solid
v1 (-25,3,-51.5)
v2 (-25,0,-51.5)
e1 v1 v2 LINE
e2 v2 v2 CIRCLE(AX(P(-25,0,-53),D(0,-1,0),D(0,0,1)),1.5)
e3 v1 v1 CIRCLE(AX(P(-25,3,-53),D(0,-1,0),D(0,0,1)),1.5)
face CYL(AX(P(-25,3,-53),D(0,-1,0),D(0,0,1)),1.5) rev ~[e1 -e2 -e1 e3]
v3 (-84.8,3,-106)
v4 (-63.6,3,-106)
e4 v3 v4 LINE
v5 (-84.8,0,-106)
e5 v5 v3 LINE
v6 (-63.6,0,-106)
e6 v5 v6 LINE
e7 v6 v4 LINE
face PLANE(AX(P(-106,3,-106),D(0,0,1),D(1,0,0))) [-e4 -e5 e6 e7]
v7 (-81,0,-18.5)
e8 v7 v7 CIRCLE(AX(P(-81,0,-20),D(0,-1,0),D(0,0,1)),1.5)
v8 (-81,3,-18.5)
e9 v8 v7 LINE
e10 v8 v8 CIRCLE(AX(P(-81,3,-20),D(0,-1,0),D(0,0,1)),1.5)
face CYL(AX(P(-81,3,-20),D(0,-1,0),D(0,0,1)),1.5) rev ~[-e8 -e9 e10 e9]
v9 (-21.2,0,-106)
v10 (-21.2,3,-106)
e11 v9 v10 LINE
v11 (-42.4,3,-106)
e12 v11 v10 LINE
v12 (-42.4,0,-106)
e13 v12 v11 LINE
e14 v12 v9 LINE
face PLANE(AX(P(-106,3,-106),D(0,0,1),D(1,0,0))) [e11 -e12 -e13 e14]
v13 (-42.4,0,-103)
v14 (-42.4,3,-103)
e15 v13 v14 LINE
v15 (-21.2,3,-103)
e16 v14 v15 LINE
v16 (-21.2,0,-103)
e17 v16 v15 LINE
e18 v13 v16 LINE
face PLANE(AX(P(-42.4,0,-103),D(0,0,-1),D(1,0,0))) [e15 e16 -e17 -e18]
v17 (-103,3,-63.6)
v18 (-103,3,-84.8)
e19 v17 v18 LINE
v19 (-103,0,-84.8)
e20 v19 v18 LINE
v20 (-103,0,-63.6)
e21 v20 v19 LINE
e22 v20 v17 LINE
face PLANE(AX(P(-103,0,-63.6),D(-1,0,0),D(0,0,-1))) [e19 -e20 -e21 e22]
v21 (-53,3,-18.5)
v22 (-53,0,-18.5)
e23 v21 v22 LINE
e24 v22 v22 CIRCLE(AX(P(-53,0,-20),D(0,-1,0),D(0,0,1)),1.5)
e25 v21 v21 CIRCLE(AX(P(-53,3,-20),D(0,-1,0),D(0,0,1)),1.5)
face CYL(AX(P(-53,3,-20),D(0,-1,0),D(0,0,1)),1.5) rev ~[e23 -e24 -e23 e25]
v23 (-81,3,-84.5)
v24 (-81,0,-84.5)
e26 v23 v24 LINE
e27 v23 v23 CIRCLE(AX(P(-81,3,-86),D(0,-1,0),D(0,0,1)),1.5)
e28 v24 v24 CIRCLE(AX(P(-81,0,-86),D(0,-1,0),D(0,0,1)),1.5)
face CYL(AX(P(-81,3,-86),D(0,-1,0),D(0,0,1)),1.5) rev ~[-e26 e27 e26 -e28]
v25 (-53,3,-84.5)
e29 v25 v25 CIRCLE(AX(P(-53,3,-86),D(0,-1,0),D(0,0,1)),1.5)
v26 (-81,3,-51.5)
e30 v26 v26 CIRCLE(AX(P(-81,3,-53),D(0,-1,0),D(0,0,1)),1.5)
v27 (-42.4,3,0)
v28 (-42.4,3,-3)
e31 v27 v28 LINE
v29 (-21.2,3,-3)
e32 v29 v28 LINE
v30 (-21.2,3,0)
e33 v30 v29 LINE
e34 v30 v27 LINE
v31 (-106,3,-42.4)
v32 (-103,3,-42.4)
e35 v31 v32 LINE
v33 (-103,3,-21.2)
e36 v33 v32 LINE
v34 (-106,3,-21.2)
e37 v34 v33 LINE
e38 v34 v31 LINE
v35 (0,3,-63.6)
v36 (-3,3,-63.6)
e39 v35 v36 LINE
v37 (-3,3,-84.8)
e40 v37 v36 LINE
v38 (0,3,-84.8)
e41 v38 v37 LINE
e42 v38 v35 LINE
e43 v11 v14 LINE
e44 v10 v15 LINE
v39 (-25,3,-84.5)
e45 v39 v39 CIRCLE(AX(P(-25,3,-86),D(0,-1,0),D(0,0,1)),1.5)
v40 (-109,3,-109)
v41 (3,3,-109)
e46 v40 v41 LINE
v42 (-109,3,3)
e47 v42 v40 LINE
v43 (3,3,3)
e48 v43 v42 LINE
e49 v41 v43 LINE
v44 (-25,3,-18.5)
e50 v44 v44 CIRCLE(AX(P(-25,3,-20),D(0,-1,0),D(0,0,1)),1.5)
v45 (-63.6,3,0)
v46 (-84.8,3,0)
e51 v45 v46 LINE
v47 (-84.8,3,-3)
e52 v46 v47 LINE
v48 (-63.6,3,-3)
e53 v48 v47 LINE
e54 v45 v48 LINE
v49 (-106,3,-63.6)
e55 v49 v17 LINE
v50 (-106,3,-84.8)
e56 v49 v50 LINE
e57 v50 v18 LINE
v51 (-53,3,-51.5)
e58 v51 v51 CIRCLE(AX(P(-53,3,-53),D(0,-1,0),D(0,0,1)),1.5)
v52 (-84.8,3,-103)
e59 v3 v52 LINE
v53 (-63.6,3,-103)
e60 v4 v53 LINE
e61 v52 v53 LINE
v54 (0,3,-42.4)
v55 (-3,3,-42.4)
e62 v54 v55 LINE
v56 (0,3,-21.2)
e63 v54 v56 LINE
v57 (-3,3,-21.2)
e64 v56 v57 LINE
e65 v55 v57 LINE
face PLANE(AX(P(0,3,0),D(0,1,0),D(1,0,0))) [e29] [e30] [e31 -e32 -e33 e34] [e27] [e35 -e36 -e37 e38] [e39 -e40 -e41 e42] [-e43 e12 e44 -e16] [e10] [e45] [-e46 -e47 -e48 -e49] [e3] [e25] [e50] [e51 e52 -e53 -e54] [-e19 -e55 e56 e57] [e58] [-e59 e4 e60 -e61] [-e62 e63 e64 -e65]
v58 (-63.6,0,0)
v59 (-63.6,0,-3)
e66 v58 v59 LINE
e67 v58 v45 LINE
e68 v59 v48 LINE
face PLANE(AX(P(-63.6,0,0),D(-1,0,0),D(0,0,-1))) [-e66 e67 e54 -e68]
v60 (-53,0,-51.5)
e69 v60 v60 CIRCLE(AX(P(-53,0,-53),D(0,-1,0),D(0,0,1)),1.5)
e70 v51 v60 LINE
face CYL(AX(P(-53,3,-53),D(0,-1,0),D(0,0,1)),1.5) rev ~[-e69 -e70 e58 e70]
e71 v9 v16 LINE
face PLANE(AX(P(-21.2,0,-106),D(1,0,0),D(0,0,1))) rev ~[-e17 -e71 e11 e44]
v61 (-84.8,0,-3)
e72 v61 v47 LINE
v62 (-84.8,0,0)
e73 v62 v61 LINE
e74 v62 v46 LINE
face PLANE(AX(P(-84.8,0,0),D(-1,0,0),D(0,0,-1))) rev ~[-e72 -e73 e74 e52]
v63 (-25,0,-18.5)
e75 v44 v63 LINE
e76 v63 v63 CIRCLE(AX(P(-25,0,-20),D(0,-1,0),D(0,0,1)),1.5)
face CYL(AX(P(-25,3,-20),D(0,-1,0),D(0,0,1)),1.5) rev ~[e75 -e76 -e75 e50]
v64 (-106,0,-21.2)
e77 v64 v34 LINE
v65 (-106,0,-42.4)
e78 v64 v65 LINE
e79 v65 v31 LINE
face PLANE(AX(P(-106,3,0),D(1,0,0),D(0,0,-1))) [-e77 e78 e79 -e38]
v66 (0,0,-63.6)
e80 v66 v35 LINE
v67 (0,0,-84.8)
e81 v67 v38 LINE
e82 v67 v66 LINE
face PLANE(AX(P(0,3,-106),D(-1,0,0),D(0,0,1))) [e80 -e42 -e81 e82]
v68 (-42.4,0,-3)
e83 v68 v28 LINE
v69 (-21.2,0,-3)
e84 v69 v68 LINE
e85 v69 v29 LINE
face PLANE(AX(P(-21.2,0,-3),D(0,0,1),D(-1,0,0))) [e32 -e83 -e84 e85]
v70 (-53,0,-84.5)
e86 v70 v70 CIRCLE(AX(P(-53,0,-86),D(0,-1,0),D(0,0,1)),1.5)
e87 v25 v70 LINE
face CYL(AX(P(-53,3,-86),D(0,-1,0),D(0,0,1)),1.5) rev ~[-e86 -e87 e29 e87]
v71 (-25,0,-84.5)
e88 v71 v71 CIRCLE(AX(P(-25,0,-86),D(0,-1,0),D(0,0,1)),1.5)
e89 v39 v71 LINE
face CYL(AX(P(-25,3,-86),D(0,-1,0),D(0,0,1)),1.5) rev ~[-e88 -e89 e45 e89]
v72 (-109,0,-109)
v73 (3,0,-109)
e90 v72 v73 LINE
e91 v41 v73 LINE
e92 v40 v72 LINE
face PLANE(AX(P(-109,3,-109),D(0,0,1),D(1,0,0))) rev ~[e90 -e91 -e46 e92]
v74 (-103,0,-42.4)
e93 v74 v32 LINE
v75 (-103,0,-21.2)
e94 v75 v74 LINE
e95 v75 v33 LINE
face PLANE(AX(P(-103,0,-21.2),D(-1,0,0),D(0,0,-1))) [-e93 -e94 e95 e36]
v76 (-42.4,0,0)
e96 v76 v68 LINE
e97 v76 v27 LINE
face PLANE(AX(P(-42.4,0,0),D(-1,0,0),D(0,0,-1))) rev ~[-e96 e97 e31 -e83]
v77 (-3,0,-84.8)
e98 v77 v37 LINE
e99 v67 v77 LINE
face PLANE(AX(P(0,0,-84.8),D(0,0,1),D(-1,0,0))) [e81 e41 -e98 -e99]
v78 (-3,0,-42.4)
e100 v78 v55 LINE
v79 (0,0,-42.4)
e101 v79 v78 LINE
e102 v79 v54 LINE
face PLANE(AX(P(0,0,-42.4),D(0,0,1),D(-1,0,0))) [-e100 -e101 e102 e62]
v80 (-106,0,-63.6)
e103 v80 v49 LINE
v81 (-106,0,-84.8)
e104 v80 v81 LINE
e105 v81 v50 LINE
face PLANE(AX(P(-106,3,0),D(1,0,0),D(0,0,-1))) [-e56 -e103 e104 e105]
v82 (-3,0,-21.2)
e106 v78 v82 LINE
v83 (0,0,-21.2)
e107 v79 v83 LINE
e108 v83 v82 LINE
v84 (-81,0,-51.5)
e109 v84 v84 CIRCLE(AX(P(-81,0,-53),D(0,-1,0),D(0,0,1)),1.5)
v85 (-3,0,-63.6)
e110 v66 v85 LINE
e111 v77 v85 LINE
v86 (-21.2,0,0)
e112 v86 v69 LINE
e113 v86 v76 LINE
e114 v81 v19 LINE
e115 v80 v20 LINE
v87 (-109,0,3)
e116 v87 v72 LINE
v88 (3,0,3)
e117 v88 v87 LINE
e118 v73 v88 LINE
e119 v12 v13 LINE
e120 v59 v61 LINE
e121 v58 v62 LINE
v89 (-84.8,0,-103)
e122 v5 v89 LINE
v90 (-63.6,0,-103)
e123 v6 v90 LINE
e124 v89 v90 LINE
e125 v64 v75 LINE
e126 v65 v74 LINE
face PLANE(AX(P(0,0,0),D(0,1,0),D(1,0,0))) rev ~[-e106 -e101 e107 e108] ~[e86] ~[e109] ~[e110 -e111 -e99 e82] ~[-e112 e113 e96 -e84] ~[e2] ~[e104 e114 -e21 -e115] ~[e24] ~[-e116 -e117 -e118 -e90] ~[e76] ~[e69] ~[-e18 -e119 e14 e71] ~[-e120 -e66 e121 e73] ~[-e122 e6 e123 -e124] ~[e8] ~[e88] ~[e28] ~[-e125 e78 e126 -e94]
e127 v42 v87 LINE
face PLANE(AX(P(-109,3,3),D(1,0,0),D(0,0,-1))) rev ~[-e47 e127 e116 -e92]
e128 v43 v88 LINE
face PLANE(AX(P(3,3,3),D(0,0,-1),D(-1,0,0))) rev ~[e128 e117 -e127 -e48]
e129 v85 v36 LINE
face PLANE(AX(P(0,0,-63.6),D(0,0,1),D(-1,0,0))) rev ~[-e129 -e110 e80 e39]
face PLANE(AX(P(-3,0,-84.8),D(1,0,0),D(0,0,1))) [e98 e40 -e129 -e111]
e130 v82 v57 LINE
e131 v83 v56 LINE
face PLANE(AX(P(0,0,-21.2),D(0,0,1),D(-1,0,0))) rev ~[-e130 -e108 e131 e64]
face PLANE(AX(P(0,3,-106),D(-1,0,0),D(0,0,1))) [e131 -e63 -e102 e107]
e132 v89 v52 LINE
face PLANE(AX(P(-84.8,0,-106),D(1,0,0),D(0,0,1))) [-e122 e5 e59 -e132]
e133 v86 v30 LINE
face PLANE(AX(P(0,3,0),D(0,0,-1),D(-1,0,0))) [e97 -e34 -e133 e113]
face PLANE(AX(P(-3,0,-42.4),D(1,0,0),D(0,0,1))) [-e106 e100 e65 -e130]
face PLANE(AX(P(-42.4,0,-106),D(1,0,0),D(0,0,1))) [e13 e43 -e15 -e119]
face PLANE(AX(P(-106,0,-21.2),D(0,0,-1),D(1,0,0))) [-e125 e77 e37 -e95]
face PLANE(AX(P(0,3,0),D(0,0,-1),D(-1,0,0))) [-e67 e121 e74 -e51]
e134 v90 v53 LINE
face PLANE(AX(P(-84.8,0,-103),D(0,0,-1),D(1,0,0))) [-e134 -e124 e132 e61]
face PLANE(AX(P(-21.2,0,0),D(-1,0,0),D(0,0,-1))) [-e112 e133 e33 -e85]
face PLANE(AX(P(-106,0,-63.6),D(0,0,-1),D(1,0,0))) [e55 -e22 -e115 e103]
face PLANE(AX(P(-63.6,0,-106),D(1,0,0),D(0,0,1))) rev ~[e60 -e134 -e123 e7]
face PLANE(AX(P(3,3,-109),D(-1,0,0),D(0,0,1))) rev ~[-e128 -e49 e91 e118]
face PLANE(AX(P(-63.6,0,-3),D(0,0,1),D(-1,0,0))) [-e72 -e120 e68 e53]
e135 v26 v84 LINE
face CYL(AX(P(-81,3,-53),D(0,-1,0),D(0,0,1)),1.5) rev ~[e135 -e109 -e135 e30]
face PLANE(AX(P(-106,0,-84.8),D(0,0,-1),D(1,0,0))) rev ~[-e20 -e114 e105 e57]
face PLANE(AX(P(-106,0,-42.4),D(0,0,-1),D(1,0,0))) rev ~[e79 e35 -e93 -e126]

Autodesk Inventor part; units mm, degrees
ref_plane "YZ Plane" through (0, 0, 0) normal (1, 0, 0) x (0, 1, 0)
ref_plane "XZ Plane" through (0, 0, 0) normal (0, 1, 0) x (-1, 0, 0)
ref_plane "XY Plane" through (0, 0, 0) normal (0, 0, 1) x (1, 0, 0)
sketch "Sketch1" plane through (0, 0, 0) normal (0, 1, 0) x (-1, 0, 0)
  line L0 (21.2, 0) -> (21.2, -3)
  line L1 (42.4, 0) -> (42.4, -3)
  line L2 (63.6, 0) -> (63.6, -3)
  line L3 (84.8, 0) -> (84.8, -3)
  line L4 (84.8, 0) -> (106, 0)
  line L5 (0, 0) -> (21.2, 0)
  line L6 (42.4, 0) -> (63.6, 0)
  line L7 (21.2, -3) -> (42.4, -3)
  line L8 (63.6, -3) -> (84.8, -3)
  line L9 (106, -21.2) -> (103, -21.2)
  line L10 (106, -42.4) -> (103, -42.4)
  line L11 (106, -63.6) -> (103, -63.6)
  line L12 (106, -84.8) -> (103, -84.8)
  line L13 (106, -84.8) -> (106, -106)
  line L14 (103, -21.2) -> (103, -42.4)
  line L15 (103, -63.6) -> (103, -84.8)
  line L16 (106, 0) -> (106, -21.2)
  line L17 (106, -42.4) -> (106, -63.6)
  line L18 (0, -21.2) -> (3, -21.2)
  line L19 (0, -42.4) -> (3, -42.4)
  line L20 (0, -63.6) -> (3, -63.6)
  line L21 (0, -84.8) -> (3, -84.8)
  line L22 (0, -21.2) -> (0, 0)
  line L23 (3, -84.8) -> (3, -63.6)
  line L24 (3, -42.4) -> (3, -21.2)
  line L25 (0, -106) -> (0, -84.8)
  line L26 (0, -63.6) -> (0, -42.4)
  line L27 (21.2, -106) -> (21.2, -103)
  line L28 (42.4, -106) -> (42.4, -103)
  line L29 (63.6, -106) -> (63.6, -103)
  line L30 (84.8, -106) -> (84.8, -103)
  line L31 (21.2, -106) -> (0, -106)
  line L32 (84.8, -103) -> (63.6, -103)
  line L33 (42.4, -103) -> (21.2, -103)
  line L34 (106, -106) -> (84.8, -106)
  line L35 (63.6, -106) -> (42.4, -106)
  dimension "d0" = 106
  dimension "d1" = 106
extrude "Extrusion1" add sketch "Sketch1" along normal blind 3
sketch "Sketch2" plane through (0, 3, 0) normal (0, 1, 0) x (1, 0, 0)
  circle A0 centre (-25, 20) radius 0.5
  circle A1 centre (-25, 53) radius 0.5
  circle A2 centre (-25, 86) radius 0.5
  circle A3 centre (-53, 20) radius 0.5
  circle A4 centre (-81, 20) radius 0.5
  circle A5 centre (-53, 53) radius 0.5
  circle A6 centre (-81, 53) radius 0.5
  circle A7 centre (-53, 86) radius 0.5
  circle A8 centre (-81, 86) radius 0.5
  point P0 (0, 0)
  dimension "d6" = 1
  dimension "d7" = 1
  dimension "d8" = 1
  dimension "d9" = 1
  dimension "d10" = 1
  dimension "d11" = 1
  dimension "d12" = 1
  dimension "d13" = 1
  dimension "d14" = 1
hole "Hole1" at (-25, 3, -20) direction (0, -1, 0) diameter 3 end through all
sketch "Sketch3" plane through (0, 3, 0) normal (0, 1, 0) x (1, 0, 0)
  circle A0 centre (-53, 20) radius 1.5
  circle A1 centre (-81, 20) radius 1.5
  circle A2 centre (-81, 53) radius 1.5
  circle A3 centre (-81, 86) radius 1.5
  circle A4 centre (-53, 53) radius 1.5
  circle A5 centre (-53, 86) radius 1.5
  circle A6 centre (-25, 53) radius 1.5
  circle A7 centre (-25, 86) radius 1.5
  point P0 (0, 0)
  dimension "d22" = 3
  dimension "d23" = 3
  dimension "d24" = 3
  dimension "d25" = 3
  dimension "d26" = 3
  dimension "d27" = 3
  dimension "d28" = 3
  dimension "d29" = 3
hole "Hole2" at (-53, 3, -20) direction (0, -1, 0) diameter 3 end through all
sketch "Sketch5" plane through (0, 3, 0) normal (0, 1, 0) x (1, 0, 0)
  circle A0 centre (-81, 20) radius 1.5
  point P0 (0, 0)
  dimension "d37" = 3
hole "Hole3" at (-81, 3, -20) direction (0, -1, 0) diameter 3 end through all
sketch "Sketch6" plane through (0, 3, 0) normal (0, 1, 0) x (1, 0, 0)
  circle A0 centre (-25, 53) radius 1.5
  point P0 (0, 0)
  dimension "d45" = 3
hole "Hole4" at (-25, 3, -53) direction (0, -1, 0) diameter 3 end through all
sketch "Sketch7" plane through (0, 3, 0) normal (0, 1, 0) x (1, 0, 0)
  circle A0 centre (-53, 53) radius 1.5
  point P0 (0, 0)
  dimension "d53" = 3
hole "Hole5" at (-53, 3, -53) direction (0, -1, 0) diameter 3 end through all
sketch "Sketch8" plane through (0, 3, 0) normal (0, 1, 0) x (1, 0, 0)
  circle A0 centre (-81, 53) radius 1.5
  point P0 (0, 0)
  dimension "d61" = 3
hole "Hole6" at (-81, 3, -53) direction (0, -1, 0) diameter 3 end through all
sketch "Sketch9" plane through (0, 3, 0) normal (0, 1, 0) x (1, 0, 0)
  circle A0 centre (-25, 86) radius 1.5
  point P0 (0, 0)
  dimension "d69" = 3
hole "Hole7" at (-25, 3, -86) direction (0, -1, 0) diameter 3 end through all
sketch "Sketch10" plane through (0, 3, 0) normal (0, 1, 0) x (1, 0, 0)
  circle A0 centre (-53, 86) radius 1.5
  point P0 (0, 0)
  dimension "d77" = 3
hole "Hole8" at (-53, 3, -86) direction (0, -1, 0) diameter 3 end through all
sketch "Sketch11" plane through (0, 3, 0) normal (0, 1, 0) x (1, 0, 0)
  circle A0 centre (-81, 86) radius 1.5
  point P0 (0, 0)
  dimension "d85" = 3
hole "Hole9" at (-81, 3, -86) direction (0, -1, 0) diameter 3 end through all
sketch "Sketch12" plane through (0, 3, 0) normal (0, 1, 0) x (1, 0, 0)
  line L0 (0, 0) -> (0, 21.2) projected
  line L1 (-106, 106) -> (-106, 84.8) projected
  line L2 (0, 0) -> (-106, 0)
  line L3 (-106, 0) -> (-106, 106)
  line L4 (-106, 106) -> (0, 106)
  line L5 (0, 106) -> (0, 0)
  line L6 (3, -3) -> (-109, -3)
  line L7 (-109, -3) -> (-109, 109)
  line L8 (-109, 109) -> (3, 109)
  line L9 (3, 109) -> (3, -3)
  point P0 (-106, 0)
  dimension "d99" = 112
  dimension "d100" = 112
extrude "Extrusion2" add sketch "Sketch12" against normal blind 3
properties part number "Box base" material "PMMA Plastic"
